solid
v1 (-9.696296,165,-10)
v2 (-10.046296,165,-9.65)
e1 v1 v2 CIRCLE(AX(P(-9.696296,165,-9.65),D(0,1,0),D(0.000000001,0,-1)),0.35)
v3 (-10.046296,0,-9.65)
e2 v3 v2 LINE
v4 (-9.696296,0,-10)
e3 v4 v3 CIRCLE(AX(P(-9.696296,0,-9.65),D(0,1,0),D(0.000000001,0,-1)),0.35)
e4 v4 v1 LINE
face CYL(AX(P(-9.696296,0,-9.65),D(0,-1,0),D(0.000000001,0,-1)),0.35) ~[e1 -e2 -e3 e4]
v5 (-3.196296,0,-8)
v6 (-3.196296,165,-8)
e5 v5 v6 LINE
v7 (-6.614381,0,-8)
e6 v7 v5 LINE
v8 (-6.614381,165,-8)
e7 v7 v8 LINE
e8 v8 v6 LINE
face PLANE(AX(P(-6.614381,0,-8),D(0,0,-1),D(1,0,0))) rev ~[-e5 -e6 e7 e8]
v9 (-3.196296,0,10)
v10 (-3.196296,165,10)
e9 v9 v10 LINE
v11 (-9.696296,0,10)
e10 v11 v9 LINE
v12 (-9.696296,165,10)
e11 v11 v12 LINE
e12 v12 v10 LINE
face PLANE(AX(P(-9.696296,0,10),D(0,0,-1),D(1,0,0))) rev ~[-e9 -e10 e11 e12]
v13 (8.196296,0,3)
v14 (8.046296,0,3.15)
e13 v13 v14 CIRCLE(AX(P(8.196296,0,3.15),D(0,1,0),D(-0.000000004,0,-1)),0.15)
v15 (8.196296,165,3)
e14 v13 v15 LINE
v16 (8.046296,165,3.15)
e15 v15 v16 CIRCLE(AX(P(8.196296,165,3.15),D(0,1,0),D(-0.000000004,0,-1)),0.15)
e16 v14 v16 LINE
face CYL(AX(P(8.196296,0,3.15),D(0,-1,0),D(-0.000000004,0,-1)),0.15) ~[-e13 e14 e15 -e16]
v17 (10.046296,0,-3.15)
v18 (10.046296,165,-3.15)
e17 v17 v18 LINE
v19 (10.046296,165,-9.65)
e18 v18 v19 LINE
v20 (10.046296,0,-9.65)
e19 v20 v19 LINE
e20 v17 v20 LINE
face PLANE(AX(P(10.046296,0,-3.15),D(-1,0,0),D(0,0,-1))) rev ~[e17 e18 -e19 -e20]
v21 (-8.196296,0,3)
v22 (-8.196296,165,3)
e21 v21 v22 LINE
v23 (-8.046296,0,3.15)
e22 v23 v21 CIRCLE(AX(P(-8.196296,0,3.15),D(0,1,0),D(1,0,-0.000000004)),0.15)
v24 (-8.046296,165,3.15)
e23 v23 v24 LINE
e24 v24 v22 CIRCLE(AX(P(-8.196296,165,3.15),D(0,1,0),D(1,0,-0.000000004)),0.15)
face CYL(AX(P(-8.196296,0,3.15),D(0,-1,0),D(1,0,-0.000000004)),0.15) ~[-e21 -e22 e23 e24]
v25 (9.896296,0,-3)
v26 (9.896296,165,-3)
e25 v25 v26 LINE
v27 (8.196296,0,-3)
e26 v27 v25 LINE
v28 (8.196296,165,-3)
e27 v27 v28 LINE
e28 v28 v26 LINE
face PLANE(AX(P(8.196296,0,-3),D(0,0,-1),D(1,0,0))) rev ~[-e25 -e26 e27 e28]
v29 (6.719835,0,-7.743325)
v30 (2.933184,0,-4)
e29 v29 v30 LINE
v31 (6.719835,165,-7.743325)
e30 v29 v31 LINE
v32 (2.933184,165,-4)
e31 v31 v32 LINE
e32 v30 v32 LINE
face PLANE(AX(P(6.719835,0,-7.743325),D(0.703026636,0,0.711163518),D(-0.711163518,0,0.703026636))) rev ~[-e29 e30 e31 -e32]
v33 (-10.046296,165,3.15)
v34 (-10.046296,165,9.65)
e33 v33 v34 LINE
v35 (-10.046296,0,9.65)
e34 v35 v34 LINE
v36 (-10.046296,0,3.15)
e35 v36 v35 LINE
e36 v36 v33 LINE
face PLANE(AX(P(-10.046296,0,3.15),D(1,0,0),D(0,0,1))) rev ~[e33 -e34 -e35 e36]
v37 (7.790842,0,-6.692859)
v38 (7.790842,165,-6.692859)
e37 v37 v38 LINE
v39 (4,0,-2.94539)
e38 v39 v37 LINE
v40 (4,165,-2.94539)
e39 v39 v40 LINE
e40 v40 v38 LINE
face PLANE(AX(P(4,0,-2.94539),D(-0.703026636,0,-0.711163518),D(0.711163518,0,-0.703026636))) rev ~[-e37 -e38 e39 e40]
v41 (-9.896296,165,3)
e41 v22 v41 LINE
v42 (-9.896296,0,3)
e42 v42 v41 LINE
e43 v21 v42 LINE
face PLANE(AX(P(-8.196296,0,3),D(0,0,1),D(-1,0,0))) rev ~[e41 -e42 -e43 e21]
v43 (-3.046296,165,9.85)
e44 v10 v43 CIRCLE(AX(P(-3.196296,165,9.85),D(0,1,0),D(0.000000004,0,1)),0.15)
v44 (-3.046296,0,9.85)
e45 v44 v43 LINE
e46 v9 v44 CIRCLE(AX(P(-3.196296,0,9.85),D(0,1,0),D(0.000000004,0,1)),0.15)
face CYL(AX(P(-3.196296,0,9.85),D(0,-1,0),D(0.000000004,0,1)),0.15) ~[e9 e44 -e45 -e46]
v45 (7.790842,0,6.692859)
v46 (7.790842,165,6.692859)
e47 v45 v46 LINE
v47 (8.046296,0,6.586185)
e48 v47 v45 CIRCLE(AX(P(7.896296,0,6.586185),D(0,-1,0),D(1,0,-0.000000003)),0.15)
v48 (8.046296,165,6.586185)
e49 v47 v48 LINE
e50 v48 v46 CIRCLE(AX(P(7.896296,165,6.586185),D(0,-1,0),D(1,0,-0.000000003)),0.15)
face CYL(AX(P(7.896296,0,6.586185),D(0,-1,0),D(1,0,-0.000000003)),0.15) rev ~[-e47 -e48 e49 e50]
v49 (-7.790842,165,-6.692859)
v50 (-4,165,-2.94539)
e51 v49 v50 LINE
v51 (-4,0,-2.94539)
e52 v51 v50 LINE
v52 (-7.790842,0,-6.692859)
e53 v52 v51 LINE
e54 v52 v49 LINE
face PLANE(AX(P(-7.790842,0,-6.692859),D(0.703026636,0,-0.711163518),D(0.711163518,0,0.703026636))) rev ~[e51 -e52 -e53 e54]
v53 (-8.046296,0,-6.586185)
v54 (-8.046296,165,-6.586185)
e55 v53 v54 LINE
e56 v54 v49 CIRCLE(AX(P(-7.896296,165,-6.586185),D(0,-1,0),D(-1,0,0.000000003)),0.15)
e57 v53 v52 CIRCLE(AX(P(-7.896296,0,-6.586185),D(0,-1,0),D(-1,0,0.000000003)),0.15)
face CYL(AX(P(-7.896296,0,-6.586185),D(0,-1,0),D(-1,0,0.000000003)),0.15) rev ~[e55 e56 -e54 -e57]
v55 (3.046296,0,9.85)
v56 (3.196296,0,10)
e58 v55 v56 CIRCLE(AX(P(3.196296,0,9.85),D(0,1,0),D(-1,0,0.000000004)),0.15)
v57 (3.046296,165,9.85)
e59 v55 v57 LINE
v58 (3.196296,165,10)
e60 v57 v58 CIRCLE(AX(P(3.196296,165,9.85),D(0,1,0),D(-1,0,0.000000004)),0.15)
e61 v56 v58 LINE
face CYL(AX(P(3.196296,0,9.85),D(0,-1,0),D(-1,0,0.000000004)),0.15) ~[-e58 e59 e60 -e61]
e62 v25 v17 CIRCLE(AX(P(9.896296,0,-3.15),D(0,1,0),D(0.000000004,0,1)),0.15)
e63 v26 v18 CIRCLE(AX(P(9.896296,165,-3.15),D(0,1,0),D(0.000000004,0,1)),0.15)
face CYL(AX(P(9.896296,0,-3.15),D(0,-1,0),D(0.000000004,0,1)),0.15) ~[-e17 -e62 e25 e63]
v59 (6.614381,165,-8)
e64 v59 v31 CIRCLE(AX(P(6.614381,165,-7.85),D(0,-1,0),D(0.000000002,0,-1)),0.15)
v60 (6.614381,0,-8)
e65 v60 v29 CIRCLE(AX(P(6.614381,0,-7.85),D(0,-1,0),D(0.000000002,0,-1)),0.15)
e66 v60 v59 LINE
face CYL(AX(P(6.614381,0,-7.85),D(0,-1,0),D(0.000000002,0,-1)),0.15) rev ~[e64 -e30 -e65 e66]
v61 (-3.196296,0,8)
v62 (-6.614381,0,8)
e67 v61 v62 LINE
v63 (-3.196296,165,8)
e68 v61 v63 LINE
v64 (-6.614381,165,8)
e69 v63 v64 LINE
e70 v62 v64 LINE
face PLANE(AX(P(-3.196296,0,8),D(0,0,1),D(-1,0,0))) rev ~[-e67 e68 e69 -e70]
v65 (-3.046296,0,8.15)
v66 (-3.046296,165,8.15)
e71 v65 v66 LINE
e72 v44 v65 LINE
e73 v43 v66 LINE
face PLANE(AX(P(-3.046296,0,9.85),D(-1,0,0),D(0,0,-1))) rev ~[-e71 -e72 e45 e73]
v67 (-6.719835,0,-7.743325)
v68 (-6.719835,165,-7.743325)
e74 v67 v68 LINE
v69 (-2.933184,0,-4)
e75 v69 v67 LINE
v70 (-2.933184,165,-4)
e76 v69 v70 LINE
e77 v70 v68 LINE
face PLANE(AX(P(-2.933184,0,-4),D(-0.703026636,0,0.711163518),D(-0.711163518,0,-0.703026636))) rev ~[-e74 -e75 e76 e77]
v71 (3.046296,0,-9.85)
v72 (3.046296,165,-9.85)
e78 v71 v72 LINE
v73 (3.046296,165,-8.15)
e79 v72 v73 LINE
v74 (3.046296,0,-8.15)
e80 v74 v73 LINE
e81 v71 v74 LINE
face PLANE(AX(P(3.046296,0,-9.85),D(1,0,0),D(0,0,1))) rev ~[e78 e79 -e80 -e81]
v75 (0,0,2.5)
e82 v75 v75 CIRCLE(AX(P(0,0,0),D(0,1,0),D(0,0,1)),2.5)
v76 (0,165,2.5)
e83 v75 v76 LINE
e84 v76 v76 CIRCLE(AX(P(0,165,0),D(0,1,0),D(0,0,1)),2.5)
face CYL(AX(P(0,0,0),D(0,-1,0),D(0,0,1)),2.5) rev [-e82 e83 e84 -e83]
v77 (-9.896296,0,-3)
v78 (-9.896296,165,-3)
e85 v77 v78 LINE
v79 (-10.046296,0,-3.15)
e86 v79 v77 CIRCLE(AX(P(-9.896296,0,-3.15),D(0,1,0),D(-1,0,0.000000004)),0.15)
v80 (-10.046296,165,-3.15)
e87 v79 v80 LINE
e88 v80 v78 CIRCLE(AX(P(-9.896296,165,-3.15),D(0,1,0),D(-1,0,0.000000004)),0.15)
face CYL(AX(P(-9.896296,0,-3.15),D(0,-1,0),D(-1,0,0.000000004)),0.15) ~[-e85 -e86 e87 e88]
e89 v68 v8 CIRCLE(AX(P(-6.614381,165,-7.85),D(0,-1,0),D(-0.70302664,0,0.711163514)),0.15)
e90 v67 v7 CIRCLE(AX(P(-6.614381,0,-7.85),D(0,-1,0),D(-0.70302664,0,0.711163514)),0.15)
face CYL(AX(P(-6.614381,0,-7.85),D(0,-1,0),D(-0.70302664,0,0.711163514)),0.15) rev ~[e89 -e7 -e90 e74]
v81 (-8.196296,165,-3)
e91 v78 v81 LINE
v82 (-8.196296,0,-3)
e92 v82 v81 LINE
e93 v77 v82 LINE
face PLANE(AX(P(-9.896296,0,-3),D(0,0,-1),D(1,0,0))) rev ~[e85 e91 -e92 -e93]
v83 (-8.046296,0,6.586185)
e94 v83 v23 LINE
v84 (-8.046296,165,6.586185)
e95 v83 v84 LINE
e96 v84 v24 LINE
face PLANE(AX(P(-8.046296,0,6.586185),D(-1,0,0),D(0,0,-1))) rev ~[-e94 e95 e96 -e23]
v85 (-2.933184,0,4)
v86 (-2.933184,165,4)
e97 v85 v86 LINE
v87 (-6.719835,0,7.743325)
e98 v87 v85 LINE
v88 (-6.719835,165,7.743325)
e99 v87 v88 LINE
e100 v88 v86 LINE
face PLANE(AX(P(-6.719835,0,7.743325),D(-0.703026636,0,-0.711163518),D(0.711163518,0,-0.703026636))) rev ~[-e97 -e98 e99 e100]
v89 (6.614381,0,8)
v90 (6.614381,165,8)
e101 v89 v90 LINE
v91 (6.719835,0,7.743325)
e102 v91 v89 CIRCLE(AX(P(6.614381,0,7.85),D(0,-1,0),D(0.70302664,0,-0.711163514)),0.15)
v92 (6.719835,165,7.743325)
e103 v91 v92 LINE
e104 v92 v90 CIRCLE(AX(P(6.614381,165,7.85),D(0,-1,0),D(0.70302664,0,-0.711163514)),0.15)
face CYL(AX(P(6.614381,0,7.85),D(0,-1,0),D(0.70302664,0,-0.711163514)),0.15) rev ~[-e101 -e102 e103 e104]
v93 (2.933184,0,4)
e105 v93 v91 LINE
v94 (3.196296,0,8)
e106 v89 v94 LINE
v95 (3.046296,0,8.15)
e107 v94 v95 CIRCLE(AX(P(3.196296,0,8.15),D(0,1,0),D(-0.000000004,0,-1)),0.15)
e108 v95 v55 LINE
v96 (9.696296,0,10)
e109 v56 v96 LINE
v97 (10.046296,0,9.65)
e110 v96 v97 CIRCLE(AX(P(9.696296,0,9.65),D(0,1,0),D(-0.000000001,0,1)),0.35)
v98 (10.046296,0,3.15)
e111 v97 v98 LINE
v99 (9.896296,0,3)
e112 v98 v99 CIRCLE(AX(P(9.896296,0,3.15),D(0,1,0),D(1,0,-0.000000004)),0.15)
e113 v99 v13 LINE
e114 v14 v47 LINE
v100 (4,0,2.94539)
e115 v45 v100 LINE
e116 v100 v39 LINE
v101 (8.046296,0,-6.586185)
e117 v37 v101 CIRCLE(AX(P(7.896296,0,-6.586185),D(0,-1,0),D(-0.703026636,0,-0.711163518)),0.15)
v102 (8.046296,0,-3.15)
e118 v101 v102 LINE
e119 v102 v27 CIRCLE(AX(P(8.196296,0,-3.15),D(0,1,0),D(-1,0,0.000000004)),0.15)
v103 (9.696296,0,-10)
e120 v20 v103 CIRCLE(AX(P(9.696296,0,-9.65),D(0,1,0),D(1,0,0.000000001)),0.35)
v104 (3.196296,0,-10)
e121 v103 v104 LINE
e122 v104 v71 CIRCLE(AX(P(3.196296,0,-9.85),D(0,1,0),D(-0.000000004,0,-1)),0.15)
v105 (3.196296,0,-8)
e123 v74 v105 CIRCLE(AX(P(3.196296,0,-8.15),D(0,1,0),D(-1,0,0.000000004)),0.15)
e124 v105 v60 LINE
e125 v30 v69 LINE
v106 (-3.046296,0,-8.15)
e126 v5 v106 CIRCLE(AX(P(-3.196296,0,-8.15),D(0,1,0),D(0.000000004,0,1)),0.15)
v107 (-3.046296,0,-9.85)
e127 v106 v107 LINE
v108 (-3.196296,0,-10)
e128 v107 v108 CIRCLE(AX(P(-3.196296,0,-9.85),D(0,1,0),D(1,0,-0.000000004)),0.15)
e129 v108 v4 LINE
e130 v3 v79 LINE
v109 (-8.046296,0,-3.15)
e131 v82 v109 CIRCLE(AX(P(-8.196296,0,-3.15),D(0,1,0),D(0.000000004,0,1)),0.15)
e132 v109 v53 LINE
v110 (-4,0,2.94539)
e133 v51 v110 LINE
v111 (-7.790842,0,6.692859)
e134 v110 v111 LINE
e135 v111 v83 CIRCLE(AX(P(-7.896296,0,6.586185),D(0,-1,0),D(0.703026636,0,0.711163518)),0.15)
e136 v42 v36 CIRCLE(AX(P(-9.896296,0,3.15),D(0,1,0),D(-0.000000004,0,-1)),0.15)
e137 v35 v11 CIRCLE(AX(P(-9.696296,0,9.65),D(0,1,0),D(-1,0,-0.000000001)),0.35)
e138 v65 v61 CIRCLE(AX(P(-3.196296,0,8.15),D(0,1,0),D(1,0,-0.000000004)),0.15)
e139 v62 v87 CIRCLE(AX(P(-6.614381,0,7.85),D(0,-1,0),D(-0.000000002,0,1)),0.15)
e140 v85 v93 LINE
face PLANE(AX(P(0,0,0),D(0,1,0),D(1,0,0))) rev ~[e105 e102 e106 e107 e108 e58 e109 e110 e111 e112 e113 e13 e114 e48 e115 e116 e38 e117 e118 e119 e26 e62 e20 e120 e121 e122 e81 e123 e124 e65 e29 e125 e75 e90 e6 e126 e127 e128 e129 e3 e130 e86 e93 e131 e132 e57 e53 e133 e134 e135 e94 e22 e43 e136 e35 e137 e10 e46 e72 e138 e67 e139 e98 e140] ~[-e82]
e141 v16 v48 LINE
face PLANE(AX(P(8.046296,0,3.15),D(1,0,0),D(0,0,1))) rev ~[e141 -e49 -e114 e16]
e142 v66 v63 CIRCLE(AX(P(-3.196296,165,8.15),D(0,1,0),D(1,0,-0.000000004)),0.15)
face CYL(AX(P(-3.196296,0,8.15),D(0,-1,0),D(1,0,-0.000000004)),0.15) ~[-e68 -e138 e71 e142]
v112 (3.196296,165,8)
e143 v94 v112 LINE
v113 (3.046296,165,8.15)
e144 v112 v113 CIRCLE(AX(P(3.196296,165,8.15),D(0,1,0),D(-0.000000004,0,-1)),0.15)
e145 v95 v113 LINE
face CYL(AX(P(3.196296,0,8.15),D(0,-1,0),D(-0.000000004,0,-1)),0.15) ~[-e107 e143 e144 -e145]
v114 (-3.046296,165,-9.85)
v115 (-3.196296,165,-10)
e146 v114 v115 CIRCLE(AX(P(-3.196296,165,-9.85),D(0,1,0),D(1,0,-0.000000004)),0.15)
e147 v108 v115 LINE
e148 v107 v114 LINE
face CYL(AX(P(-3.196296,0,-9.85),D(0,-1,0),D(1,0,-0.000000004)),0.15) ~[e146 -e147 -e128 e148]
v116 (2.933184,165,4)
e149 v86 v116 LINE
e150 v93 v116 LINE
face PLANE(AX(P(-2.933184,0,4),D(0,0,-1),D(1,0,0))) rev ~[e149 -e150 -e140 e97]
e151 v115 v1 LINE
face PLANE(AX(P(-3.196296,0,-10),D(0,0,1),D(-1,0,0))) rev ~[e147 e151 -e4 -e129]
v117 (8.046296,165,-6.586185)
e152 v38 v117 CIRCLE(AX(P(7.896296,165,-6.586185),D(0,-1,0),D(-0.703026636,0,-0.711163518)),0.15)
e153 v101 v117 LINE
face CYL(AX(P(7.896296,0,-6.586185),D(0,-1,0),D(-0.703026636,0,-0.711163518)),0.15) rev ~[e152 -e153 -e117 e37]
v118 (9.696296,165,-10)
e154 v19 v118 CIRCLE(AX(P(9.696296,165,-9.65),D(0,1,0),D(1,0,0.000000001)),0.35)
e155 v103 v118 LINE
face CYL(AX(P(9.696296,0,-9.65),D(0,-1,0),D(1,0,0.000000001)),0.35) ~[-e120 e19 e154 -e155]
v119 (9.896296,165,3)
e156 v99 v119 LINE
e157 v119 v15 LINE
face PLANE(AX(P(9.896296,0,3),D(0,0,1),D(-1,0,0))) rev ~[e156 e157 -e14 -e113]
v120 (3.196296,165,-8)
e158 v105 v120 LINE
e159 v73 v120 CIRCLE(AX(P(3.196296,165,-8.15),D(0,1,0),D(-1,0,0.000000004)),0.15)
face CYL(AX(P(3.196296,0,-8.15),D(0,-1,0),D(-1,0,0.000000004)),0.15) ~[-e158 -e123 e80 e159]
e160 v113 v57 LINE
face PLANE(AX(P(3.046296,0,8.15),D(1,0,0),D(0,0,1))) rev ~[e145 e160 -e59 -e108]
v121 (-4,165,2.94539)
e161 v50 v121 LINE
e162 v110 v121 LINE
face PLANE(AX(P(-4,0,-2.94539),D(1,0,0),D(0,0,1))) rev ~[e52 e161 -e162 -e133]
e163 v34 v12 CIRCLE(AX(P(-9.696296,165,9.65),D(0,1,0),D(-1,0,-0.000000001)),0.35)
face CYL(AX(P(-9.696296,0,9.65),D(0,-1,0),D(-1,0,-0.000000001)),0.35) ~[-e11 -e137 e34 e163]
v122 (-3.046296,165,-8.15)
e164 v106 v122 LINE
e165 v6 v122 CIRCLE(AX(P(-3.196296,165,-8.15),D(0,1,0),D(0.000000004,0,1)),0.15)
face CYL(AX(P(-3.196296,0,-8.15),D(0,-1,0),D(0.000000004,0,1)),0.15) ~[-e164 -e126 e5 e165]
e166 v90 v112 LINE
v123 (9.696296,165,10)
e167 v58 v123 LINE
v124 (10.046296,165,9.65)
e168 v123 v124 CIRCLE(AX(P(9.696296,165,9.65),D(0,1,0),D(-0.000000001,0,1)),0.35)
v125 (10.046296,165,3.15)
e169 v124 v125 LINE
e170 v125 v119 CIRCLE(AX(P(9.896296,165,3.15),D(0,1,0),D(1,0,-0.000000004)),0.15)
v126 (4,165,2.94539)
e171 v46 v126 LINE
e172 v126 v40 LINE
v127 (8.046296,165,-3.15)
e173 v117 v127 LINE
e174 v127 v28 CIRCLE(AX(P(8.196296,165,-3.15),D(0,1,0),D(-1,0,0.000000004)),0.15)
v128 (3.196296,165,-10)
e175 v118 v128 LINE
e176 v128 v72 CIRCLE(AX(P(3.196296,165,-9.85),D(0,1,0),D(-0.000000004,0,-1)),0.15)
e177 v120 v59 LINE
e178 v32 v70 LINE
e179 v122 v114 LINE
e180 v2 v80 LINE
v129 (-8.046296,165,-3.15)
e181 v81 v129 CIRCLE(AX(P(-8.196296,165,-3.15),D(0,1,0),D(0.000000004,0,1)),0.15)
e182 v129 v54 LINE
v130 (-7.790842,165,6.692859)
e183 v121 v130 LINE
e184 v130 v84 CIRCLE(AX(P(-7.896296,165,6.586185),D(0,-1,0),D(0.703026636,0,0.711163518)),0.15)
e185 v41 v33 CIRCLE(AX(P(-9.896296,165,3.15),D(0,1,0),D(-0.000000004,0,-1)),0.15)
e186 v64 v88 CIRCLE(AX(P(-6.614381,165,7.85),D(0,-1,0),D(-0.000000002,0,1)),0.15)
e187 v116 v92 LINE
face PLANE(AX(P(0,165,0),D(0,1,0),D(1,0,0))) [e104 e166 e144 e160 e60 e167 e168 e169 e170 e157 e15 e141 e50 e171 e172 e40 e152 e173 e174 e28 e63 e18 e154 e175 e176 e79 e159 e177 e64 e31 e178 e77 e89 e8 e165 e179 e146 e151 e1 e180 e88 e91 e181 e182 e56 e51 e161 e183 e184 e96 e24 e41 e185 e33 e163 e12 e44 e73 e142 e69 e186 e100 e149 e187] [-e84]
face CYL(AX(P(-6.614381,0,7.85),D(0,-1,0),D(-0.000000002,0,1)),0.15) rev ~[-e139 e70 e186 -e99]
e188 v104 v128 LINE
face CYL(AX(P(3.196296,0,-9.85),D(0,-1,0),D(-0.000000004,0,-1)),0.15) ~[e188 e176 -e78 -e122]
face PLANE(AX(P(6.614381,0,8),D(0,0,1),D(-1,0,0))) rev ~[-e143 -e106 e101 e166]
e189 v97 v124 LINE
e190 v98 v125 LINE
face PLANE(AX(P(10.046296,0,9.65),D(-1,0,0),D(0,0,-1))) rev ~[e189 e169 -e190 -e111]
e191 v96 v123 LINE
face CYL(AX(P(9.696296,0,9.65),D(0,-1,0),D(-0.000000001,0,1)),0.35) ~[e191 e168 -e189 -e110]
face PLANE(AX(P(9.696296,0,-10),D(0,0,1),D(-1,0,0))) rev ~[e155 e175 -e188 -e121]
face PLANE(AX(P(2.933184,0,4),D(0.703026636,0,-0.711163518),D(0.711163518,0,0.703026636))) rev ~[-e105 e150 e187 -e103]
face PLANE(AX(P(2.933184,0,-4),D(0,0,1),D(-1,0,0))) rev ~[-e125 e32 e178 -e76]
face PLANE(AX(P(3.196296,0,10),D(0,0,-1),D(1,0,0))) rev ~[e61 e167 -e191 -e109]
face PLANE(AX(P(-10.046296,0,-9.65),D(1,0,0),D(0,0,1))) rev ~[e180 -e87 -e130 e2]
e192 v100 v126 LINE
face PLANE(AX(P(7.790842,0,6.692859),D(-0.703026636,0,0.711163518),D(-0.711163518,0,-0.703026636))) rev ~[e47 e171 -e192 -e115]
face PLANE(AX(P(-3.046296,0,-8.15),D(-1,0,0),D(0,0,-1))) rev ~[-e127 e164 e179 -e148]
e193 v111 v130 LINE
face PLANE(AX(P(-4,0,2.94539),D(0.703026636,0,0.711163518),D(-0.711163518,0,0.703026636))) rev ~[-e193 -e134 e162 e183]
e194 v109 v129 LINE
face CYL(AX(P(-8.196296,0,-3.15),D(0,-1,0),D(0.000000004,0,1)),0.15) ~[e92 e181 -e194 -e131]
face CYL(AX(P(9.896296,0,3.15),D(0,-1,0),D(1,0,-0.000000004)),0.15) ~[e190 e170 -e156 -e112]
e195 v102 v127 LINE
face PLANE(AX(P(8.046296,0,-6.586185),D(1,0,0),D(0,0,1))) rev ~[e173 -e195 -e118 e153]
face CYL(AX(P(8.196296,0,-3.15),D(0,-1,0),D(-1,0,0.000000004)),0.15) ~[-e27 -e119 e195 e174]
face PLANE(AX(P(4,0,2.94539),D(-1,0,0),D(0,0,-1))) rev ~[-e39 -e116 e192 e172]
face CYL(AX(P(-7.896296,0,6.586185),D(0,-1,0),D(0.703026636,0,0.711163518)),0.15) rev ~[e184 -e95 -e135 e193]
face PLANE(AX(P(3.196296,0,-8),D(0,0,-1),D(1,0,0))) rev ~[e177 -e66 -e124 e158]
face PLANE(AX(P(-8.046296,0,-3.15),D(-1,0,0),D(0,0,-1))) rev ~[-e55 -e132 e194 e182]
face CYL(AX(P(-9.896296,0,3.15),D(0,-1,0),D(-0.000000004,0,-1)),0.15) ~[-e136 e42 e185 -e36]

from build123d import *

# Parameters (mm, degrees)
SKETCH1_R           = 2.5
BOSS_EXTRUDE2_DEPTH = 165


with BuildPart() as part:
    # Sketch1 → Boss-Extrude2 (new body)
    with BuildSketch(Plane(origin=(0, 0, 0), x_dir=(1, 0, 0), z_dir=(0, 1, 0))):
        with BuildLine():
            Line((-9.896296296, 3), (-8.196296296, 3))
            ThreePointArc((-8.196296296, 3), (-8.090230279, 3.043933983), (-8.046296296, 3.15))
            Line((-8.046296296, 3.15), (-8.046296296, 6.586184513))
            ThreePointArc((-8.046296296, 6.586184513), (-7.954097251, 6.724600732), (-7.790842301, 6.692859041))
            Line((-7.790842301, 6.692859041), (-4, 2.945390222))
            Line((-4, 2.945390222), (-4, -2.945390222))
            Line((-4, -2.945390222), (-7.790842301, -6.692859041))
            ThreePointArc((-7.790842301, -6.692859041), (-7.954097251, -6.724600732), (-8.046296296, -6.586184513))
            Line((-8.046296296, -6.586184513), (-8.046296296, -3.15))
            ThreePointArc((-8.046296296, -3.15), (-8.090230279, -3.043933983), (-8.196296296, -3))
            Line((-8.196296296, -3), (-9.896296296, -3))
            ThreePointArc((-9.896296296, -3), (-10.002362313, -3.043933983), (-10.046296296, -3.15))
            Line((-10.046296296, -3.15), (-10.046296296, -9.65))
            ThreePointArc((-10.046296296, -9.65), (-9.94378367, -9.897487373), (-9.696296296, -10))
            Line((-9.696296296, -10), (-3.196296296, -10))
            ThreePointArc((-3.196296296, -10), (-3.090230279, -9.956066017), (-3.046296296, -9.85))
            Line((-3.046296296, -9.85), (-3.046296296, -8.15))
            ThreePointArc((-3.046296296, -8.15), (-3.090230279, -8.043933983), (-3.196296296, -8))
            Line((-3.196296296, -8), (-6.614381093, -8))
            ThreePointArc((-6.614381093, -8), (-6.753127587, -7.9070036), (-6.719835089, -7.743325472))
            Line((-6.719835089, -7.743325472), (-2.93318409, -4))
            Line((-2.93318409, -4), (2.93318409, -4))
            Line((2.93318409, -4), (6.719835089, -7.743325472))
            ThreePointArc((6.719835089, -7.743325472), (6.753127587, -7.9070036), (6.614381093, -8))
            Line((6.614381093, -8), (3.196296296, -8))
            ThreePointArc((3.196296296, -8), (3.090230279, -8.043933983), (3.046296296, -8.15))
            Line((3.046296296, -8.15), (3.046296296, -9.85))
            ThreePointArc((3.046296296, -9.85), (3.090230279, -9.956066017), (3.196296296, -10))
            Line((3.196296296, -10), (9.696296296, -10))
            ThreePointArc((9.696296296, -10), (9.94378367, -9.897487373), (10.046296296, -9.65))
            Line((10.046296296, -9.65), (10.046296296, -3.15))
            ThreePointArc((10.046296296, -3.15), (10.002362313, -3.043933983), (9.896296296, -3))
            Line((9.896296296, -3), (8.196296296, -3))
            ThreePointArc((8.196296296, -3), (8.090230279, -3.043933983), (8.046296296, -3.15))
            Line((8.046296296, -3.15), (8.046296296, -6.586184513))
            ThreePointArc((8.046296296, -6.586184513), (7.954097251, -6.724600732), (7.790842301, -6.692859041))
            Line((7.790842301, -6.692859041), (4, -2.945390222))
            Line((4, -2.945390222), (4, 2.945390222))
            Line((4, 2.945390222), (7.790842301, 6.692859041))
            ThreePointArc((7.790842301, 6.692859041), (7.954097251, 6.724600732), (8.046296296, 6.586184513))
            Line((8.046296296, 6.586184513), (8.046296296, 3.15))
            ThreePointArc((8.046296296, 3.15), (8.090230279, 3.043933983), (8.196296296, 3))
            Line((8.196296296, 3), (9.896296296, 3))
            ThreePointArc((9.896296296, 3), (10.002362313, 3.043933983), (10.046296296, 3.15))
            Line((10.046296296, 3.15), (10.046296296, 9.65))
            ThreePointArc((10.046296296, 9.65), (9.94378367, 9.897487373), (9.696296296, 10))
            Line((9.696296296, 10), (3.196296296, 10))
            ThreePointArc((3.196296296, 10), (3.090230279, 9.956066017), (3.046296296, 9.85))
            Line((3.046296296, 9.85), (3.046296296, 8.15))
            ThreePointArc((3.046296296, 8.15), (3.090230279, 8.043933983), (3.196296296, 8))
            Line((3.196296296, 8), (6.614381093, 8))
            ThreePointArc((6.614381093, 8), (6.753127587, 7.9070036), (6.719835089, 7.743325472))
            Line((6.719835089, 7.743325472), (2.93318409, 4))
            Line((2.93318409, 4), (-2.93318409, 4))
            Line((-2.93318409, 4), (-6.719835089, 7.743325472))
            ThreePointArc((-6.719835089, 7.743325472), (-6.753127587, 7.9070036), (-6.614381093, 8))
            Line((-6.614381093, 8), (-3.196296296, 8))
            ThreePointArc((-3.196296296, 8), (-3.090230279, 8.043933983), (-3.046296296, 8.15))
            Line((-3.046296296, 8.15), (-3.046296296, 9.85))
            ThreePointArc((-3.046296296, 9.85), (-3.090230279, 9.956066017), (-3.196296296, 10))
            Line((-3.196296296, 10), (-9.696296296, 10))
            ThreePointArc((-9.696296296, 10), (-9.94378367, 9.897487373), (-10.046296296, 9.65))
            Line((-10.046296296, 9.65), (-10.046296296, 3.15))
            ThreePointArc((-10.046296296, 3.15), (-10.002362313, 3.043933983), (-9.896296296, 3))
        make_face()
        with Locations(Location((0, 0, 0), (0, 0, 270))):
            Circle(SKETCH1_R, mode=Mode.SUBTRACT)
    extrude(amount=BOSS_EXTRUDE2_DEPTH)


solid = part.part
